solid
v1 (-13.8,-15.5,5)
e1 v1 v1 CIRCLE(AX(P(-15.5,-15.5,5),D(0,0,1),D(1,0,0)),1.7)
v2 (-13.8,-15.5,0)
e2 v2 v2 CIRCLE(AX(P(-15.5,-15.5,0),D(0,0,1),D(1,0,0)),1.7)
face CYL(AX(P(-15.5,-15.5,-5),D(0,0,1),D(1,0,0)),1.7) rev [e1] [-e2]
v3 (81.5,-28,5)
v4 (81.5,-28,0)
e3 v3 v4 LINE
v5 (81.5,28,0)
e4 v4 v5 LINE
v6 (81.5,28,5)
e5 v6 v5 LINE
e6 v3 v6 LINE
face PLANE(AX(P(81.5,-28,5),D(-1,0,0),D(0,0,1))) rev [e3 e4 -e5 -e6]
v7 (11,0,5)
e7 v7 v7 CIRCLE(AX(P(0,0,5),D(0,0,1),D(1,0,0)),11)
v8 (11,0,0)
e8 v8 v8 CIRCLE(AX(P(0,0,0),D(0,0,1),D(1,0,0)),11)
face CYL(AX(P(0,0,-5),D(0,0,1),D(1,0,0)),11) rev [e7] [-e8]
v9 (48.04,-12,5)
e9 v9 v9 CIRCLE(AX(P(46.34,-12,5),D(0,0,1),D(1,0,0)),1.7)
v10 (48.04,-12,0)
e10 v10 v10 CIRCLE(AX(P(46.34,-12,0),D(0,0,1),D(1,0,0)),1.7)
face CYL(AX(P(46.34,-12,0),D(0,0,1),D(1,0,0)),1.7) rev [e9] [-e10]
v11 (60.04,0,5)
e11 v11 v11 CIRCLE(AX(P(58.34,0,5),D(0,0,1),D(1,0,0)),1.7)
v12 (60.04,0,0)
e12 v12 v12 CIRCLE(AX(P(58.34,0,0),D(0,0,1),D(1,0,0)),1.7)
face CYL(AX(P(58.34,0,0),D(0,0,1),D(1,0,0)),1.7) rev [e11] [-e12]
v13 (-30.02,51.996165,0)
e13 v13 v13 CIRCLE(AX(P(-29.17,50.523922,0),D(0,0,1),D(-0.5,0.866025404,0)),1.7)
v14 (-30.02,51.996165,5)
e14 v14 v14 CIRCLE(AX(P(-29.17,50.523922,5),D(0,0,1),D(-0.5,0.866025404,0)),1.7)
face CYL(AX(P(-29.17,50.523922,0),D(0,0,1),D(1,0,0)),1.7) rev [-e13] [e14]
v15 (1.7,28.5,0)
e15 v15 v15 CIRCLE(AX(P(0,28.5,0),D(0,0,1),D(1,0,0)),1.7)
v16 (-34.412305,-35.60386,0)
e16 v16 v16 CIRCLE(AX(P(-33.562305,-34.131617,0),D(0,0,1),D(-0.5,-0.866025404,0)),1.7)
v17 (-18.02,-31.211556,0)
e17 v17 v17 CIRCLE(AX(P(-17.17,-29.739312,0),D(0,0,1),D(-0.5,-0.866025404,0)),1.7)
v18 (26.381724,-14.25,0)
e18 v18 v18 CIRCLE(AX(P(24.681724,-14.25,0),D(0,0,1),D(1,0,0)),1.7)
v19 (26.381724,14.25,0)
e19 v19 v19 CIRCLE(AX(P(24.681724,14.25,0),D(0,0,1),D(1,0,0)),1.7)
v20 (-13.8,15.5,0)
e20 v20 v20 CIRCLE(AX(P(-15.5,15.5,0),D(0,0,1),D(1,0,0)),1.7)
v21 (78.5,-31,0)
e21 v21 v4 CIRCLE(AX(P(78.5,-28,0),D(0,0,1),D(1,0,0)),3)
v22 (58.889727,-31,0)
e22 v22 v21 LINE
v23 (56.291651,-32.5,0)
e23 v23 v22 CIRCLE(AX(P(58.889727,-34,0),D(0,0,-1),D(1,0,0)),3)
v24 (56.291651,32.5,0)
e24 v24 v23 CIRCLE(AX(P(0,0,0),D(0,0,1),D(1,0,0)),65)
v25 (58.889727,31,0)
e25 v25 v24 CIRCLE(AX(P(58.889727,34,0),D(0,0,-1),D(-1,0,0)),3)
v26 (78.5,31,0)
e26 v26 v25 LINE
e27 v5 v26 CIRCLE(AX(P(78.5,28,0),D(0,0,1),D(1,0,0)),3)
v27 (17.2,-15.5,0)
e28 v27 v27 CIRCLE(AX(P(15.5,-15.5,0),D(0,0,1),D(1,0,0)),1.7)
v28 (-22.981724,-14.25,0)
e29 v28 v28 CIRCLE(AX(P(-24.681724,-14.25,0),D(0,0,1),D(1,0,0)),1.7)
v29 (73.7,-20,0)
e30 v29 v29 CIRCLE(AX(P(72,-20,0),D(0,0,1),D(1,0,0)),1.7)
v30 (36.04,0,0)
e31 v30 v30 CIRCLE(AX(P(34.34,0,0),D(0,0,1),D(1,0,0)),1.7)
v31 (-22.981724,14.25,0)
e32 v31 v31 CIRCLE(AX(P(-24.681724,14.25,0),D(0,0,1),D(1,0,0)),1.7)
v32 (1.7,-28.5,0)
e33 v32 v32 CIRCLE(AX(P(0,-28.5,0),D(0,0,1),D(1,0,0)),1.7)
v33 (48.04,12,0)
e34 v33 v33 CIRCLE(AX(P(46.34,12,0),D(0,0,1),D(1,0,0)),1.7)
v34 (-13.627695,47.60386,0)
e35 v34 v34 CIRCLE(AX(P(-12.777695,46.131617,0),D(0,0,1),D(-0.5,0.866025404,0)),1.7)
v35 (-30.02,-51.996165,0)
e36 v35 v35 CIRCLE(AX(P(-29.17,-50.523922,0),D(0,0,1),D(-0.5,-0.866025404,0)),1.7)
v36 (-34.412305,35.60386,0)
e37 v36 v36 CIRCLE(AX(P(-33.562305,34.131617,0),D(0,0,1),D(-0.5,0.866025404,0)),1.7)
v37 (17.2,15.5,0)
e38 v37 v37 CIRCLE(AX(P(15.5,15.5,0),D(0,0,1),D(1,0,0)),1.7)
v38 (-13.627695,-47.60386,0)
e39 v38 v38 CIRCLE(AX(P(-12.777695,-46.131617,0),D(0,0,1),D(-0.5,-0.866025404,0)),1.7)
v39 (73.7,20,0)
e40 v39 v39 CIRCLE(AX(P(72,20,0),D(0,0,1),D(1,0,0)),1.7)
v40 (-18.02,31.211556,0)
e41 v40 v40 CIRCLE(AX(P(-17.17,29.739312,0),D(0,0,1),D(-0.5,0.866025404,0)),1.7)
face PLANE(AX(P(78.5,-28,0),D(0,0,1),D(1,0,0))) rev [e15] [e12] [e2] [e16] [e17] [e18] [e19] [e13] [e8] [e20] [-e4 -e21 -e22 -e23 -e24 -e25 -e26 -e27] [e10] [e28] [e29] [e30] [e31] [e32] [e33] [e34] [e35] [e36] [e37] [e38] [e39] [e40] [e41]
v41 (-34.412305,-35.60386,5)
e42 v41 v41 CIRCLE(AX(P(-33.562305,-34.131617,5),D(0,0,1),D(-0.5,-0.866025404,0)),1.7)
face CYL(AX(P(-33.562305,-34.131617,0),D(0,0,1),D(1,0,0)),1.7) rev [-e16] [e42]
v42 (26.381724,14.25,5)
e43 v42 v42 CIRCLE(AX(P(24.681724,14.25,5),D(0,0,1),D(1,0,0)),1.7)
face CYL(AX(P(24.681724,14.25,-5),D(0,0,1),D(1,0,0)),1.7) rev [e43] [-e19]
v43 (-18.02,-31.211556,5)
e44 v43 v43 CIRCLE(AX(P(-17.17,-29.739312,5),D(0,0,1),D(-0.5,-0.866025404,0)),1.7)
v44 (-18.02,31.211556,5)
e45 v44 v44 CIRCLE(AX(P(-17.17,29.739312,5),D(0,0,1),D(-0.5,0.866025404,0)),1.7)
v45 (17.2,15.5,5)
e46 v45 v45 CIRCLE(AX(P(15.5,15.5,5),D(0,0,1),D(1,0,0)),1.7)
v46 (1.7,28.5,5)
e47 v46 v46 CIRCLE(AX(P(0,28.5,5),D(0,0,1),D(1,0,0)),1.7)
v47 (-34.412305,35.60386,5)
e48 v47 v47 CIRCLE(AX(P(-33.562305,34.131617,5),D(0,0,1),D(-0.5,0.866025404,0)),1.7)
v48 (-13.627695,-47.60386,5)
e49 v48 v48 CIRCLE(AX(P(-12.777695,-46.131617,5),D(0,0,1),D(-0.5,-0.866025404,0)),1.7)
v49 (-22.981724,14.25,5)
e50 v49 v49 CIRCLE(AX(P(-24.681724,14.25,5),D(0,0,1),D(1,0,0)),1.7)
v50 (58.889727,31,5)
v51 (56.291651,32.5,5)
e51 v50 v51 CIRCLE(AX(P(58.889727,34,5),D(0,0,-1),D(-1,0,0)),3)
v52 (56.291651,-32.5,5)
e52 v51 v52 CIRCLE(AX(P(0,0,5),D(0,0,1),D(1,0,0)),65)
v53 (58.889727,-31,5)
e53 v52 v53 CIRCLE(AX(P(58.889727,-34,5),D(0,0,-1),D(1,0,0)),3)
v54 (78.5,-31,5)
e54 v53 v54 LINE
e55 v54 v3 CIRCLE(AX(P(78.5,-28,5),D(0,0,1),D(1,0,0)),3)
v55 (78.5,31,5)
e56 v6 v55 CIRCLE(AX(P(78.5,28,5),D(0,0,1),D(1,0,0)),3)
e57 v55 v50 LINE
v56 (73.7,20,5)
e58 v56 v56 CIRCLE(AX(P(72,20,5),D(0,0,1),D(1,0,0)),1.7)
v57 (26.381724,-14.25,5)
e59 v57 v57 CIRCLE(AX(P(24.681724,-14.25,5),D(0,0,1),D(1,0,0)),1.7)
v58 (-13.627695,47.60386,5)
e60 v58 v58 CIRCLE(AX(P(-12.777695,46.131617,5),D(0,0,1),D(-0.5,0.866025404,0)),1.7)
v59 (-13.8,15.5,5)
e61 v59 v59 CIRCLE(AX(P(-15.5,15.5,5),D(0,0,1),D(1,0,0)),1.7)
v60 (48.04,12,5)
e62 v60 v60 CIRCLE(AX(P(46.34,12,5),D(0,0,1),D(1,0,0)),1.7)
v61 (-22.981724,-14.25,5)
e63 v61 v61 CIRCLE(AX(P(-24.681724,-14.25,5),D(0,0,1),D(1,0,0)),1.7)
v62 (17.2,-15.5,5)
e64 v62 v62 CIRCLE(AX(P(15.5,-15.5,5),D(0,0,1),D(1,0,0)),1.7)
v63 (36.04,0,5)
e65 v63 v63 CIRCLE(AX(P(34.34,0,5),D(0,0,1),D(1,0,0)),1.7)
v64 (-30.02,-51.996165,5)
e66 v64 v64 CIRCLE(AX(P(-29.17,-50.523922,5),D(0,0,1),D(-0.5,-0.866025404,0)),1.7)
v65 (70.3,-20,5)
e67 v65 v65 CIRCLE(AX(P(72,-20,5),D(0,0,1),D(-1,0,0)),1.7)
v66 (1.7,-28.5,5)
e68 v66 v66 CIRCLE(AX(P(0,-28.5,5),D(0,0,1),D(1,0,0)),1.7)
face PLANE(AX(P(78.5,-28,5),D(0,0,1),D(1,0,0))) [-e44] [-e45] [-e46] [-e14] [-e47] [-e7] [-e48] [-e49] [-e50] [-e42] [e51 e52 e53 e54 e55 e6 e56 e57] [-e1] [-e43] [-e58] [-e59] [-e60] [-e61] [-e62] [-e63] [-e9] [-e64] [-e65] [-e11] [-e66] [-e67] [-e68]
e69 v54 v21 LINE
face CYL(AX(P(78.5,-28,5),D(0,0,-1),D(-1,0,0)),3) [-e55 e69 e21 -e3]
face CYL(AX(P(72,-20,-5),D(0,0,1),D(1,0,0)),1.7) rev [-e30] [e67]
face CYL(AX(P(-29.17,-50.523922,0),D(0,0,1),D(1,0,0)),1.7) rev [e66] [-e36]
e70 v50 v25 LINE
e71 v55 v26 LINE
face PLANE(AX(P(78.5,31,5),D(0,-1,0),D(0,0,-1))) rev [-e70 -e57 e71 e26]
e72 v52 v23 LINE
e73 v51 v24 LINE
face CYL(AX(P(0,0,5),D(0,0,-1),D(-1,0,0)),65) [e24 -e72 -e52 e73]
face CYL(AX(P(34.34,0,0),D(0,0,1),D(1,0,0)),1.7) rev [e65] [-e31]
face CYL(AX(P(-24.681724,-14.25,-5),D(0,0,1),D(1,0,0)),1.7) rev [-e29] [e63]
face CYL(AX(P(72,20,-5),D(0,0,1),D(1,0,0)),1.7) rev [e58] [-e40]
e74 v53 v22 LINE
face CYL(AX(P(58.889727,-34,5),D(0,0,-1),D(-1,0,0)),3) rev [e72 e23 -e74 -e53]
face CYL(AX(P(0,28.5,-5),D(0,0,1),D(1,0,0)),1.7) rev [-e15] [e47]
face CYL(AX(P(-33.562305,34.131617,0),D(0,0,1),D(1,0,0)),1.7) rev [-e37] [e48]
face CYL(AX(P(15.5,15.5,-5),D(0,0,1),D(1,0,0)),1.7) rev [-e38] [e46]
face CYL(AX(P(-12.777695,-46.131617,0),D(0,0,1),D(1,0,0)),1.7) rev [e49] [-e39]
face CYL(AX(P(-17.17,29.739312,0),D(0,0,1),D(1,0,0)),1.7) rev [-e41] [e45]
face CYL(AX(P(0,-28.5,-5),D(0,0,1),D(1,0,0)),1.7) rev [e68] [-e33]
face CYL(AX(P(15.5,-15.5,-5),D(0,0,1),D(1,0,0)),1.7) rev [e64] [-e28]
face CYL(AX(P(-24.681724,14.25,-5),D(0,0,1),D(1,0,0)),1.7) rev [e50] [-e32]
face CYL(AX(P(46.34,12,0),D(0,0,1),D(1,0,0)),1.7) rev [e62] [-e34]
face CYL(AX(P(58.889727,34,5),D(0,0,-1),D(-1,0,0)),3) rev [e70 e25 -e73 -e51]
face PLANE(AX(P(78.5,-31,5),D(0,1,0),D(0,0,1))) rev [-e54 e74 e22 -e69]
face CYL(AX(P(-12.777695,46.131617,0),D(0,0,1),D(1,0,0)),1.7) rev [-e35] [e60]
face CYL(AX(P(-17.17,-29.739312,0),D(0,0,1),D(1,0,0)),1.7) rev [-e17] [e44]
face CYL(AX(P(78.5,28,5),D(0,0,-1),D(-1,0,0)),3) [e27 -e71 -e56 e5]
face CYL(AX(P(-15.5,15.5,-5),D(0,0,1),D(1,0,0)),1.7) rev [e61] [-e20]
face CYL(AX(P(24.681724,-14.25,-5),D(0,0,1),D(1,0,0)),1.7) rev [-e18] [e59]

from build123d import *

# Parameters (mm, degrees)
EXTRUDE_1_DEPTH          = 5
SKETCH_2_R               = 1.7
CUT_EXTRUDE_1_DEPTH      = 5
PATTERN_CIRCULAR_1_COUNT = 3
SKETCH_3_R               = 11
SKETCH_3_R_2             = 1.7
CUT_EXTRUDE_2_DEPTH      = 10
SKETCH_4_R               = 1.7
CUT_EXTRUDE_3_DEPTH      = 10


with BuildPart() as part:
    # 草图1 → 凸台-拉伸1 (new body)
    with BuildSketch(Plane.XY):
        with BuildLine():
            Line((81.5, -28), (81.5, 28))
            ThreePointArc((81.5, 28), (80.621320344, 30.121320344), (78.5, 31))
            Line((78.5, 31), (58.889727457, 31))
            ThreePointArc((58.889727457, 31), (57.389727457, 31.401923789), (56.291651246, 32.5))
            ThreePointArc((56.291651246, 32.5), (-65, 0), (56.291651246, -32.5))
            ThreePointArc((56.291651246, -32.5), (57.389727457, -31.401923789), (58.889727457, -31))
            Line((58.889727457, -31), (78.5, -31))
            ThreePointArc((78.5, -31), (80.621320344, -30.121320344), (81.5, -28))
        make_face()
    extrude(amount=EXTRUDE_1_DEPTH)

    # 草图2 → 切除-拉伸1 (cut)
    with BuildSketch(Plane.XY.offset(5)):
        with Locations((58.34, 0)):
            Circle(SKETCH_2_R)
        with Locations((46.34, -12)):
            Circle(SKETCH_2_R)
        with Locations((34.34, 0)):
            Circle(SKETCH_2_R)
        with Locations((46.34, 12)):
            Circle(SKETCH_2_R)
    cut_extrude_1 = extrude(amount=-CUT_EXTRUDE_1_DEPTH, mode=Mode.SUBTRACT)

    # 阵列(圆周)1: 切除-拉伸1 ×3 about axis
    pattern_circular_1_axis = Axis((0, 0, 0), (0, 0, 1))
    for i in range(1, PATTERN_CIRCULAR_1_COUNT):
        add(cut_extrude_1.rotate(pattern_circular_1_axis, i * 360 / PATTERN_CIRCULAR_1_COUNT), mode=Mode.SUBTRACT)

    # 草图3 → 切除-拉伸2 (cut)
    with BuildSketch(Plane.XY.offset(5)):
        Circle(SKETCH_3_R)
        with Locations((15.5, -15.5)):
            Circle(SKETCH_3_R_2)
        with Locations((15.5, 15.5)):
            Circle(SKETCH_3_R_2)
        with Locations((-15.5, 15.5)):
            Circle(SKETCH_3_R_2)
        with Locations((-15.5, -15.5)):
            Circle(SKETCH_3_R_2)
        with Locations((72, 20)):
            Circle(SKETCH_3_R_2)
        with Locations((72, -20)):
            Circle(SKETCH_3_R_2)
    extrude(amount=-CUT_EXTRUDE_2_DEPTH, mode=Mode.SUBTRACT)

    # 草图4 → 切除-拉伸3 (cut)
    with BuildSketch(Plane.XY.offset(5)):
        with Locations((0, 28.5)):
            Circle(SKETCH_4_R)
        with Locations((24.681724008, 14.25)):
            Circle(SKETCH_4_R)
        with Locations((24.681724008, -14.25)):
            Circle(SKETCH_4_R)
        with Locations((0, -28.5)):
            Circle(SKETCH_4_R)
        with Locations((-24.681724008, -14.25)):
            Circle(SKETCH_4_R)
        with Locations((-24.681724008, 14.25)):
            Circle(SKETCH_4_R)
    extrude(amount=-CUT_EXTRUDE_3_DEPTH, mode=Mode.SUBTRACT)


solid = part.part
